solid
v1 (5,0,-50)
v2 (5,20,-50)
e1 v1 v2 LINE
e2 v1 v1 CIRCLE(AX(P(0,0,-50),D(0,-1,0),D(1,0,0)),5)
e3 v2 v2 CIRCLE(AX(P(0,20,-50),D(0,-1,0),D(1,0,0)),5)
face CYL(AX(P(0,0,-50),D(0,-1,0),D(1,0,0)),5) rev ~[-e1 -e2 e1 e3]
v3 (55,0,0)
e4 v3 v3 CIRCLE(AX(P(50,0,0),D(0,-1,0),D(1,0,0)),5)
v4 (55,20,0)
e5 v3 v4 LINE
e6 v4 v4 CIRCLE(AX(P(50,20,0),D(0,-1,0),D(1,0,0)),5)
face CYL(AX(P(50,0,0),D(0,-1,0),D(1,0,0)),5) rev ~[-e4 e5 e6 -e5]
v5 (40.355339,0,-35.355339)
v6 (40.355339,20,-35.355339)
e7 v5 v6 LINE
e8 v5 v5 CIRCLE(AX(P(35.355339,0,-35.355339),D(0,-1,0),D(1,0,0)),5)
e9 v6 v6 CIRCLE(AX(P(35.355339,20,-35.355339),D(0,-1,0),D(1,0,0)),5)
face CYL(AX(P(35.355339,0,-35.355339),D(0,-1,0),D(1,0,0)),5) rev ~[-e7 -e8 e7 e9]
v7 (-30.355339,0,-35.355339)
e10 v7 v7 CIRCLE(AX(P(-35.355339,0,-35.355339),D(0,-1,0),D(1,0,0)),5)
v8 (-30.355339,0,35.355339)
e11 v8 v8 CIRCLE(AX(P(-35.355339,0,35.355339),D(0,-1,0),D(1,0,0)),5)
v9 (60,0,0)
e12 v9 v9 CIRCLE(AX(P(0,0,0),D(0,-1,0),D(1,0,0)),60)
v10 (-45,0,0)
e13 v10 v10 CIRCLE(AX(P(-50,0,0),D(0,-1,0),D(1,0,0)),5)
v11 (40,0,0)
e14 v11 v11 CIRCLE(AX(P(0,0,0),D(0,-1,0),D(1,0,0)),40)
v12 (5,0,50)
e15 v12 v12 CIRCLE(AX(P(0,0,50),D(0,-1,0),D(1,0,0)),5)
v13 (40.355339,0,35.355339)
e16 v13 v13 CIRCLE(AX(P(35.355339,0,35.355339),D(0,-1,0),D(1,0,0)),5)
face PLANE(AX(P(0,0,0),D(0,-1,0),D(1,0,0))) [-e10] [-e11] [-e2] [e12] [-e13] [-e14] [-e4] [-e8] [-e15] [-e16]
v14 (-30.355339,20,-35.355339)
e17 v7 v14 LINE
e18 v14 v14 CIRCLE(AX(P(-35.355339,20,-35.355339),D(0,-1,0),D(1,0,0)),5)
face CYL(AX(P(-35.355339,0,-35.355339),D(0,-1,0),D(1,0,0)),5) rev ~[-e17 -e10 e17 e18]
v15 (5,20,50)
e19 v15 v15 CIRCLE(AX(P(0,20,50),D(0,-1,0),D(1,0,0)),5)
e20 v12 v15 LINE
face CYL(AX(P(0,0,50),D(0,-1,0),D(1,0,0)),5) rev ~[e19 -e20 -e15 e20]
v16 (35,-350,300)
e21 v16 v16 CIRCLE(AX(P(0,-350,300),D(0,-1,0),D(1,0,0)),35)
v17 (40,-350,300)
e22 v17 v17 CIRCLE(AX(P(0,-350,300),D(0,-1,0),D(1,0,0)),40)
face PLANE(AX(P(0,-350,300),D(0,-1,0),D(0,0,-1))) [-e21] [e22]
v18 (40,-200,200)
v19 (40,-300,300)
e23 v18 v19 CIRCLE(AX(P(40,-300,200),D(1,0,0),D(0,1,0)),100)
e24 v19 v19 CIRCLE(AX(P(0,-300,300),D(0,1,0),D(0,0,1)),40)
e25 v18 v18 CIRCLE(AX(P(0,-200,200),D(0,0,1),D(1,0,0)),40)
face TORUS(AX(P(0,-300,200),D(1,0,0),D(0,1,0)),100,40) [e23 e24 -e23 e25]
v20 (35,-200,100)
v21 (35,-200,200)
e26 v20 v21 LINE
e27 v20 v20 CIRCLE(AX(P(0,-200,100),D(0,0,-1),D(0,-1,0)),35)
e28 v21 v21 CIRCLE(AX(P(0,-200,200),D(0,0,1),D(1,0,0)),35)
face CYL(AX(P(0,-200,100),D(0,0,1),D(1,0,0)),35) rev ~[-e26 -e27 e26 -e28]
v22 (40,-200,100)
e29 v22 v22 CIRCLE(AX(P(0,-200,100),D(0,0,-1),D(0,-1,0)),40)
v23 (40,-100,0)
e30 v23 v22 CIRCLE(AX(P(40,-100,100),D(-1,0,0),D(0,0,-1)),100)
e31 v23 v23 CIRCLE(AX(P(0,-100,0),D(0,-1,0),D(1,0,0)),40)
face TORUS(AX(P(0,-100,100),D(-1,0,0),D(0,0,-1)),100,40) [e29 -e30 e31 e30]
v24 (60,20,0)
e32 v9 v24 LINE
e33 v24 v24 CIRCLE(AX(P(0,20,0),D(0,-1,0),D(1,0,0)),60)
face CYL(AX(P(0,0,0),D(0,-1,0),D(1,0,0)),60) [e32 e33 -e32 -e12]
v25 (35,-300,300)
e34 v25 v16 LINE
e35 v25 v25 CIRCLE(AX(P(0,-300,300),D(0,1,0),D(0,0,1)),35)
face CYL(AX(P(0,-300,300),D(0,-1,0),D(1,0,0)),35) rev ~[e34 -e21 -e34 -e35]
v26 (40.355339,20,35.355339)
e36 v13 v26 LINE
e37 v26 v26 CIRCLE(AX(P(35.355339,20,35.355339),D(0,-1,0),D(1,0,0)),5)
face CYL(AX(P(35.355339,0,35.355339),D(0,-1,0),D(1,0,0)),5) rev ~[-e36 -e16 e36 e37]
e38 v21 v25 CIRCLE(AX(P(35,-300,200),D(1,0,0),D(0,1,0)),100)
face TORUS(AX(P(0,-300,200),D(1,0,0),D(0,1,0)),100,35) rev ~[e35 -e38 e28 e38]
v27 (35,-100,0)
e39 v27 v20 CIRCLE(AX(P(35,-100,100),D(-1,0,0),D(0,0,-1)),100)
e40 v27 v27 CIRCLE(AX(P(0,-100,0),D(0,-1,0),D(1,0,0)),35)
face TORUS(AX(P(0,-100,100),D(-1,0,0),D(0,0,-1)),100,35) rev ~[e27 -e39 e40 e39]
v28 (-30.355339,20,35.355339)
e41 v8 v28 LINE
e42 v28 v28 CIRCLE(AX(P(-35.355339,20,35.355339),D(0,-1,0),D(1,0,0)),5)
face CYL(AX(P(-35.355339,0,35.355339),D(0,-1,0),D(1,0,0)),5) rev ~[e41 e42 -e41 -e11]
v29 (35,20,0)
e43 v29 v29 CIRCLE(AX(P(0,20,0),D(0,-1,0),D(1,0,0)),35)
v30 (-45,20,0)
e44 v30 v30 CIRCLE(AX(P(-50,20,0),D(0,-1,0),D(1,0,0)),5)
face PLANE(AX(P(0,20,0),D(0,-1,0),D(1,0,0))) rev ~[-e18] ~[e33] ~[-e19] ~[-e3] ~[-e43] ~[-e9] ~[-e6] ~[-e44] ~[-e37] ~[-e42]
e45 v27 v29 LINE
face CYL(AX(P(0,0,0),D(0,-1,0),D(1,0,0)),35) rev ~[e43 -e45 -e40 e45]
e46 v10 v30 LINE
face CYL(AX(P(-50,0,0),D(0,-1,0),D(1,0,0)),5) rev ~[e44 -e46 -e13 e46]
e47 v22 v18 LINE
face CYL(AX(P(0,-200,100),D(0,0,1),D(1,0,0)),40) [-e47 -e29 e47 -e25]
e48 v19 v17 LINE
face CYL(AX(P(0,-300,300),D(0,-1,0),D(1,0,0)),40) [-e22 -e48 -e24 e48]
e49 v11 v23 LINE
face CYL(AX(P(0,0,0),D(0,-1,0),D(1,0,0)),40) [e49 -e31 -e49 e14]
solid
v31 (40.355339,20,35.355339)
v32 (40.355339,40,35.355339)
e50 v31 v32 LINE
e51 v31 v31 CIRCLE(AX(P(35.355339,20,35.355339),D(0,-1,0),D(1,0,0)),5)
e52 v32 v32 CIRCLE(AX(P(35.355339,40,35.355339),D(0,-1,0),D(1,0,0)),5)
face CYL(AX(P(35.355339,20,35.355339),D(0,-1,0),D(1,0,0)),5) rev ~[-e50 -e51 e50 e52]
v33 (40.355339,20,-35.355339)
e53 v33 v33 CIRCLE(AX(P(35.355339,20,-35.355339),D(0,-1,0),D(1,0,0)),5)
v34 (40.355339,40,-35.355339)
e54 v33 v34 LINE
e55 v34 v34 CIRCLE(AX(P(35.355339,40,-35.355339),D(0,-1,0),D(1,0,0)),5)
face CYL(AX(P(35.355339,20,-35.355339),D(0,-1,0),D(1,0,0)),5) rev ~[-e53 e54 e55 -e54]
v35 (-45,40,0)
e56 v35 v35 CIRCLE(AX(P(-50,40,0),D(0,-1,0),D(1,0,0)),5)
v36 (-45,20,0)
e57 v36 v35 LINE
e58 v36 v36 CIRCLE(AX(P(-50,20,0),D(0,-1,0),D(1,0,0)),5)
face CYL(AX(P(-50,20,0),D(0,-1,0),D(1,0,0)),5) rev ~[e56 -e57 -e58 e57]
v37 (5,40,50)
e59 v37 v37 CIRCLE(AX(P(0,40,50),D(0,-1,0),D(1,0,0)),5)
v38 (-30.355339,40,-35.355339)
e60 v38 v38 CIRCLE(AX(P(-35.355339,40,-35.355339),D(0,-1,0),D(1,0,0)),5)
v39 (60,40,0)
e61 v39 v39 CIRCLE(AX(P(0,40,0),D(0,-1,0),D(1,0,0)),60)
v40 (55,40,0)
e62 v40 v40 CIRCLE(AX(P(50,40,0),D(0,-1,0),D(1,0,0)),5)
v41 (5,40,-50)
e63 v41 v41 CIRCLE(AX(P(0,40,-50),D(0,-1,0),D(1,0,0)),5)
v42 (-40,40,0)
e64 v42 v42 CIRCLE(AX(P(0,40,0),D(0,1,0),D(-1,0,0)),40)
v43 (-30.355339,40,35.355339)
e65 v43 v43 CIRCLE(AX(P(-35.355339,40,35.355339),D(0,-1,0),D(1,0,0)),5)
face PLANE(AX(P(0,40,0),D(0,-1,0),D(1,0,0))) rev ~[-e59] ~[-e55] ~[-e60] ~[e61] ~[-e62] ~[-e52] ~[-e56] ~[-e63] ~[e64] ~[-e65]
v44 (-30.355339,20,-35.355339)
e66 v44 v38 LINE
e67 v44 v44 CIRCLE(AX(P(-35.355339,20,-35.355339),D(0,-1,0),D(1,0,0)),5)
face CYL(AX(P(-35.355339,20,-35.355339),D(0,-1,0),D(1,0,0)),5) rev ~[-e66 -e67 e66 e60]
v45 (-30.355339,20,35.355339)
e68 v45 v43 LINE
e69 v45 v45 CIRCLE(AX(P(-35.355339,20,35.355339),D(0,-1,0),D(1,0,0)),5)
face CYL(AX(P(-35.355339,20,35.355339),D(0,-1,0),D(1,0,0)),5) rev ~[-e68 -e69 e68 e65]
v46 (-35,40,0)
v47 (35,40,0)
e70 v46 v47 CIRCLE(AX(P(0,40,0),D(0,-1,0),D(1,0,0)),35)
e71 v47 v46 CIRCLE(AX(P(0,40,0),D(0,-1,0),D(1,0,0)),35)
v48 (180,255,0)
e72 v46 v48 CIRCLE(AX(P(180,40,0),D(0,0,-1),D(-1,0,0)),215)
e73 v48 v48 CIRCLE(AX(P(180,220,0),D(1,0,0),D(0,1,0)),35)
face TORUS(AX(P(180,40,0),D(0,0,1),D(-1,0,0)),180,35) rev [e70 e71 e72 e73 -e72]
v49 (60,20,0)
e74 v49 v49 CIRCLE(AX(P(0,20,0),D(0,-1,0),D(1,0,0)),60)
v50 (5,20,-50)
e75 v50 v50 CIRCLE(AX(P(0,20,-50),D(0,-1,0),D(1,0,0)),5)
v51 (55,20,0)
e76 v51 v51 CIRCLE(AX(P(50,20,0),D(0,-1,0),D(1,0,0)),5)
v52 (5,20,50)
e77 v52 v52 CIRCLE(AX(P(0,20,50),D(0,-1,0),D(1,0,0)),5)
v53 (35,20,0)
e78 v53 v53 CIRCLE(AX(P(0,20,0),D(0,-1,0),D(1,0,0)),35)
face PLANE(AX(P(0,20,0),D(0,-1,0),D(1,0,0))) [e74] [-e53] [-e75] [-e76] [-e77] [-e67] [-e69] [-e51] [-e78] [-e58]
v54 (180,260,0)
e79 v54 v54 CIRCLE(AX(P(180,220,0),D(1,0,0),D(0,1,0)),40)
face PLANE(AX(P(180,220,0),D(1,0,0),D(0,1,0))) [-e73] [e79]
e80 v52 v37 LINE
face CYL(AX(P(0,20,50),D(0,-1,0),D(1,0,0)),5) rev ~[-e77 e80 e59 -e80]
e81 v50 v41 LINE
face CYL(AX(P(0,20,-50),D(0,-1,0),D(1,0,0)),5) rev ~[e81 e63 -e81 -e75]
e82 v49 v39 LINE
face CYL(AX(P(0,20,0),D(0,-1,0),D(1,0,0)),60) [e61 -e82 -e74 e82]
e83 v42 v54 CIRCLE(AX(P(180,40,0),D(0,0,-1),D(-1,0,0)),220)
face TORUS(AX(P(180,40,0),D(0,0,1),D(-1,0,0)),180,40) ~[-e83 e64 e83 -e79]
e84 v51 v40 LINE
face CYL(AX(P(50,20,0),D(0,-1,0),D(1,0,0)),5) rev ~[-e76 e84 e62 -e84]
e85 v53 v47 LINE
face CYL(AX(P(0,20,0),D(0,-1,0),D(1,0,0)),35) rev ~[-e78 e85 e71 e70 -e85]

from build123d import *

# Parameters (mm, degrees)
F0_R     = 60
F0_R_2   = 5
F0_R_3   = 35
F1_DEPTH = 20
F2_DEPTH = 20
F3_R     = 40
F3_R_2   = 35
F6_R     = 40
F6_R_2   = 35
F7_ANGLE = 90


with BuildPart() as f1:
    # F0 (on Front) → F1 (new body)
    with BuildSketch(Plane.XZ):
        Circle(F0_R)
        with Locations((-35.3553390593, -35.3553390593)):
            Circle(F0_R_2, mode=Mode.SUBTRACT)
        with Locations((0, -50)):
            Circle(F0_R_2, mode=Mode.SUBTRACT)
        with Locations((35.3553390593, -35.3553390593)):
            Circle(F0_R_2, mode=Mode.SUBTRACT)
        with Locations((-50, 0)):
            Circle(F0_R_2, mode=Mode.SUBTRACT)
        with Locations((-35.3553390593, 35.3553390593)):
            Circle(F0_R_2, mode=Mode.SUBTRACT)
        Circle(F0_R_3, mode=Mode.SUBTRACT)
        with Locations((50, 0)):
            Circle(F0_R_2, mode=Mode.SUBTRACT)
        with Locations((0, 50)):
            Circle(F0_R_2, mode=Mode.SUBTRACT)
        with Locations((35.3553390593, 35.3553390593)):
            Circle(F0_R_2, mode=Mode.SUBTRACT)
    extrude(amount=-F1_DEPTH)


with BuildPart() as f2:
    # F2 (new): a face of the model
    f2_faces = [f1.part.faces().sort_by_distance(p)[0] for p in [
        (-58.3029437252, 20, 0),
    ]]
    extrude(f2_faces, amount=F2_DEPTH)

    # F6 (on face) → F7 (revolve)
    with BuildSketch(Plane(origin=(0, 40, 0), x_dir=(-1, 0, 0), z_dir=(0, 1, 0))):
        Circle(F6_R)
        Circle(F6_R_2, mode=Mode.SUBTRACT)
    revolve(axis=Axis((180, 40, -18.7680572271), (0, 0, -1)), revolution_arc=F7_ANGLE)


with BuildPart() as f1_1:
    add(f1.part)

    # F5: sweep along a path in F4
    with BuildLine(Plane.YZ) as f5_path:
        Line((0, 0), (-100, 0))
        ThreePointArc((-100, 0), (-170.7106781187, 29.2893218813), (-200, 100))
        Line((-200, 100), (-200, 200))
        ThreePointArc((-200, 200), (-229.2893218813, 270.7106781187), (-300, 300))
        Line((-300, 300), (-350, 300))
    # F3 (on Front) → F5 (sweep)
    with BuildSketch(Plane.XZ):
        Circle(F3_R)
        Circle(F3_R_2, mode=Mode.SUBTRACT)
    sweep(path=f5_path.line)


solid = Compound([f2.part, f1_1.part])
